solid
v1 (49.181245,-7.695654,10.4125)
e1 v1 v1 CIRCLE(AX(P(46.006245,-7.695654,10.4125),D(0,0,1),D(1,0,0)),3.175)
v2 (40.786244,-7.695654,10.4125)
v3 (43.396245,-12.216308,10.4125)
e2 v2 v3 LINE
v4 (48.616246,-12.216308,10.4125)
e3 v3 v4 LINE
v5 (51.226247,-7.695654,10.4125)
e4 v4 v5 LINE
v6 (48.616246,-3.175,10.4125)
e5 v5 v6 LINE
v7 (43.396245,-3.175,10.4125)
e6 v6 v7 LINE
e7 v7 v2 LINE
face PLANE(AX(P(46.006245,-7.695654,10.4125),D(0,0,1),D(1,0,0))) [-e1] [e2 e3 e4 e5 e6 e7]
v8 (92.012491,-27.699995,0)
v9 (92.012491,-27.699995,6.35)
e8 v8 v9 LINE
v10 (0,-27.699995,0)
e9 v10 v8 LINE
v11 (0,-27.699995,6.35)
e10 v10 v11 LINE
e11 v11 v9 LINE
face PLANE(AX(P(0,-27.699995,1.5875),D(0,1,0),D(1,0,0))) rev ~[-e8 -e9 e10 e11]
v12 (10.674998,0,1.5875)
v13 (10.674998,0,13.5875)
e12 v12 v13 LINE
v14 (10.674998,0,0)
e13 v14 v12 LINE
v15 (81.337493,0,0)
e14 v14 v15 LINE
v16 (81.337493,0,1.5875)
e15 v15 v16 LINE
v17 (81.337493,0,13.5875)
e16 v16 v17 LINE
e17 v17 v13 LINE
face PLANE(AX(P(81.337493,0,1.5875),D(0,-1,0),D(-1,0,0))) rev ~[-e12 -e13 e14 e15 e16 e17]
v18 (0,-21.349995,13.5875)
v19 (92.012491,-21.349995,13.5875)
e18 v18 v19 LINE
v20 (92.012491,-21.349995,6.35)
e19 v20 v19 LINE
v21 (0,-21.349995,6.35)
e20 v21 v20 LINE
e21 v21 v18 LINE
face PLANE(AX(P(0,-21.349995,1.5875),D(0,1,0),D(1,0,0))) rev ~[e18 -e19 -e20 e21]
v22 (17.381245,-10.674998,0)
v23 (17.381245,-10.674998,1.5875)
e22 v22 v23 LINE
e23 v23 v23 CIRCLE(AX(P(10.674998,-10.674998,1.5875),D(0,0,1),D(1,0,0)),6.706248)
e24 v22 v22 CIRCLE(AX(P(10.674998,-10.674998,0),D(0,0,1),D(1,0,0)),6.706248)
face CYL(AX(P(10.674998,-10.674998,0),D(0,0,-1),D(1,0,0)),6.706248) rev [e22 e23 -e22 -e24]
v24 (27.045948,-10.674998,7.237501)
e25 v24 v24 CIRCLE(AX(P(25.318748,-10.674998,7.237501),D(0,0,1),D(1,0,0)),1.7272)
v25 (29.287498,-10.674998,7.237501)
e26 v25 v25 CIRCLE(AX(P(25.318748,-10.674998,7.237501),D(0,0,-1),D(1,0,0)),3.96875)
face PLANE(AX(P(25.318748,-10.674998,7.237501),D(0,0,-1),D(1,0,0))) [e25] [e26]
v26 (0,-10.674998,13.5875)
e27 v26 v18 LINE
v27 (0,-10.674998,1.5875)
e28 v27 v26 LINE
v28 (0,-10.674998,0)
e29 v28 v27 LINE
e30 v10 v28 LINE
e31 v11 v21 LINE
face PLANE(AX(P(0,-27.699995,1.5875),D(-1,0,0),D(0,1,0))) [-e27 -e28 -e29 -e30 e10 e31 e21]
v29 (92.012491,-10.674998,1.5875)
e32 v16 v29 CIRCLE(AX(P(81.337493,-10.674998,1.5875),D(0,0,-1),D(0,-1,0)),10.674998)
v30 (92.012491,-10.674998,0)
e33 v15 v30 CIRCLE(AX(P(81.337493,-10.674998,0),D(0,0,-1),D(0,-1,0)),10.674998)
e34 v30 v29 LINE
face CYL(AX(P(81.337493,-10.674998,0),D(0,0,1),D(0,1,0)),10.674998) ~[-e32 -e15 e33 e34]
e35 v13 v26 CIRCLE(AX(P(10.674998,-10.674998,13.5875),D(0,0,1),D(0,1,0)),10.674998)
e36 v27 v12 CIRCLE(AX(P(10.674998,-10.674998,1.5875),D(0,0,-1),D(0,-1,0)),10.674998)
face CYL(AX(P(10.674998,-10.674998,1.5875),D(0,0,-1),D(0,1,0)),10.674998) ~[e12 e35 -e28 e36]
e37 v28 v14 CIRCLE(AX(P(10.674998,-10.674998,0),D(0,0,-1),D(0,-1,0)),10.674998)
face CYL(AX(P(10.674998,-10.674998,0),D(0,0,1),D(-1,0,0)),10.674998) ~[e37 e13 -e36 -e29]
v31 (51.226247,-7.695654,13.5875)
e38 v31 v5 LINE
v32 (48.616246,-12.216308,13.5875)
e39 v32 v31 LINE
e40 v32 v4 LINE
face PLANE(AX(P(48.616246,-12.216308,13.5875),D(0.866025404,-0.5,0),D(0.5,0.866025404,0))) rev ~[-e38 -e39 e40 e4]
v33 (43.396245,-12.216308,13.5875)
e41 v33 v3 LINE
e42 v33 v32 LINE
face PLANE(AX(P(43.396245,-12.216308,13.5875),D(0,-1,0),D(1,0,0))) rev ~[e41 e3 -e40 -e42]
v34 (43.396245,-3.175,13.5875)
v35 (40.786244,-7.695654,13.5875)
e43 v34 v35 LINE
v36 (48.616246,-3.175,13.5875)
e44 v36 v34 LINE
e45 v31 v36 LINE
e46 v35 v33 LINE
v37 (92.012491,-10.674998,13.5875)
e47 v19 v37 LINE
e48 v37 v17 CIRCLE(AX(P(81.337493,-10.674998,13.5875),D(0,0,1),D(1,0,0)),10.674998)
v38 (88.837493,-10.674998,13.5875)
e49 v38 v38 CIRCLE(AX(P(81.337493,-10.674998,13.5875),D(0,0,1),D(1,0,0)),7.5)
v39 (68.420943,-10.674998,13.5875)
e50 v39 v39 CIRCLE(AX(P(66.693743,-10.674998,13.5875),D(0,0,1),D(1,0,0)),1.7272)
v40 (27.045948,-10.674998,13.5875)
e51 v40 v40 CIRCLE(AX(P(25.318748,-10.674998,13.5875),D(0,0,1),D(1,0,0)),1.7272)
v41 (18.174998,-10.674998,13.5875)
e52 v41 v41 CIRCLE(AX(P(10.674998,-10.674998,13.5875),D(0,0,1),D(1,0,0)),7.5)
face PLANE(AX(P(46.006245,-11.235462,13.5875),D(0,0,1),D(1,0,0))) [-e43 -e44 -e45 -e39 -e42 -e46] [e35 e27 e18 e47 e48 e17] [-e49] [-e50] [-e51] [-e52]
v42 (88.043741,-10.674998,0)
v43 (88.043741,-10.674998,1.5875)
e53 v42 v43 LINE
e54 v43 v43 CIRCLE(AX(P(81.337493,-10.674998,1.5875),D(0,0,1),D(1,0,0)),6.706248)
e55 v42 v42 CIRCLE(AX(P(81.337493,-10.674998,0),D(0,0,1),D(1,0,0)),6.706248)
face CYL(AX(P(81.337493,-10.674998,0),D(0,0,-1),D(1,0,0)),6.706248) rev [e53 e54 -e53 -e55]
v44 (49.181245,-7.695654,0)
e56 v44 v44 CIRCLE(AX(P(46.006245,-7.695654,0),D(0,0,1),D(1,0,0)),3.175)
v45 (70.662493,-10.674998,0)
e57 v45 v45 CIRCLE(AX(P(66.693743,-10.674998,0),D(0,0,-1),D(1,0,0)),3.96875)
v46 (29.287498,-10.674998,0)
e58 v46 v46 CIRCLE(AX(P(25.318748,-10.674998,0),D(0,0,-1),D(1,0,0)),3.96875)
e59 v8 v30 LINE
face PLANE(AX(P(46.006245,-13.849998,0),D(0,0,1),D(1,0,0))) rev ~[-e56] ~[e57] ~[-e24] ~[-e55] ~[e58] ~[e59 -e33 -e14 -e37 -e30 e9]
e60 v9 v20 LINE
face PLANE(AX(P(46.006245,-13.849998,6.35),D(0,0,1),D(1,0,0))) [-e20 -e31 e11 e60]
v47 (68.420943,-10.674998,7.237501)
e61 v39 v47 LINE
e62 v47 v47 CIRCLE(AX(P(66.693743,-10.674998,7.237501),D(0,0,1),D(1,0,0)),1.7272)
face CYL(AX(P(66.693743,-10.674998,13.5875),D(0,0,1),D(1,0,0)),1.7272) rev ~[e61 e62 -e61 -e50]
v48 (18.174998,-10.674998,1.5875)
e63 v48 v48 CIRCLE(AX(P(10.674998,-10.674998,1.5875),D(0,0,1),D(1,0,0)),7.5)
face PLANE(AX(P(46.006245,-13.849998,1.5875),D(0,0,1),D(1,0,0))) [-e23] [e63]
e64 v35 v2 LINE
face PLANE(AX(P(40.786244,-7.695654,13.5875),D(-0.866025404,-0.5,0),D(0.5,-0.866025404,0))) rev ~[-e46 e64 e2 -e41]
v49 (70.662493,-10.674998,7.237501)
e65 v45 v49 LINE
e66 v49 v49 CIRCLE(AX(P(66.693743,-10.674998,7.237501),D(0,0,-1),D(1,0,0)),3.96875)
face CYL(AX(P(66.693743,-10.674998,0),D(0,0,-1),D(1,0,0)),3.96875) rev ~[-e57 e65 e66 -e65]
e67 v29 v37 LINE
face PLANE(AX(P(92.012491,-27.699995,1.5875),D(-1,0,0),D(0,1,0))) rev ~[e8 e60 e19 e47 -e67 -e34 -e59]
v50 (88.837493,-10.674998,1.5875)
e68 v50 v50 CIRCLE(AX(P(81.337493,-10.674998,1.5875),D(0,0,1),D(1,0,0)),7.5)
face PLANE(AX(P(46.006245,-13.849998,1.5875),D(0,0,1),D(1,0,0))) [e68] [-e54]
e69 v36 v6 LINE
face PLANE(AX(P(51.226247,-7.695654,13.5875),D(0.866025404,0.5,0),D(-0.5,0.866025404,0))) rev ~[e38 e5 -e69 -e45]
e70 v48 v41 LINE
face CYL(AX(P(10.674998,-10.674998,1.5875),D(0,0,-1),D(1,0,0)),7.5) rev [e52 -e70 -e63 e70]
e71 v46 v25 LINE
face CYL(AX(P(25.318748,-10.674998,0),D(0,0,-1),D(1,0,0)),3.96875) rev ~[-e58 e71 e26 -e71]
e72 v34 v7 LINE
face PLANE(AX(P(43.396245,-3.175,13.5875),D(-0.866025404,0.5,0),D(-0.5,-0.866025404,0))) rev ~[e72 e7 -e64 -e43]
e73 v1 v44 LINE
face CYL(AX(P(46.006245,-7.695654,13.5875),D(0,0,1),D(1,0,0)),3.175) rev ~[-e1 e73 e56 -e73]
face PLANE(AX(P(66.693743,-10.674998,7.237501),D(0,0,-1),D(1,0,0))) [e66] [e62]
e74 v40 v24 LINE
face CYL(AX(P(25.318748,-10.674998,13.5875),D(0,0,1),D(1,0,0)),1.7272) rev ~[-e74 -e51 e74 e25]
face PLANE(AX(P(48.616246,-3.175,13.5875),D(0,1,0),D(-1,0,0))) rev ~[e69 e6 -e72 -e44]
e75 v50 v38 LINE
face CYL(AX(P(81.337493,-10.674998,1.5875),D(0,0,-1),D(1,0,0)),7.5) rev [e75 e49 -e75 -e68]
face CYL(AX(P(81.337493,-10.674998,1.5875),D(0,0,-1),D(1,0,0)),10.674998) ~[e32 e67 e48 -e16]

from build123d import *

# Parameters (mm, degrees)
F0_W      = 92.0124906
F0_H      = 27.6999954
F0_R      = 6.7062477
F1_DEPTH  = 1.5875
F2_R      = 10.6749977
F3_R      = 7.5
F4_DEPTH  = 12
F5_DEPTH  = 4.7625
F6_R      = 1.7272
F6_R_2    = 3.175
F7_DEPTH  = 13.5875
F8_R      = 3.96875
F9_DEPTH  = 7.2375014
F11_DEPTH = 3.175


with BuildPart() as f1:
    # F0 (on Top) → F1 (new body)
    with BuildSketch(Plane.XY):
        with Locations((46.0062453, -13.8499977)):
            Rectangle(F0_W, F0_H)
        with Locations((10.6749977, -10.6749977)):
            Circle(F0_R, mode=Mode.SUBTRACT)
        with Locations((81.3374929, -10.6749977)):
            Circle(F0_R, mode=Mode.SUBTRACT)
    extrude(amount=F1_DEPTH)

    # F2
    f2_edges = [f1.edges().sort_by_distance(p)[0] for p in [
        (0, 0, 0.79375),
        (92.012491, 0, 0.79375),
    ]]
    fillet(f2_edges, radius=F2_R)

    # F3 (on face) → F4 (join)
    with BuildSketch(Plane.XY.offset(1.5875)):
        with BuildLine():
            Line((0, -10.6749977), (0, -21.3499954))
            Line((0, -21.3499954), (92.0124906, -21.3499954))
            Line((92.0124906, -21.3499954), (92.0124906, -10.6749977))
            ThreePointArc((92.0124906, -10.6749977), (88.8858561628, -3.1266344372), (81.3374929, 0))
            Line((81.3374929, 0), (10.6749977, 0))
            ThreePointArc((10.6749977, 0), (3.1266344372, -3.1266344372), (0, -10.6749977))
        make_face()
        with Locations((10.6749977, -10.6749977)):
            Circle(F3_R, mode=Mode.SUBTRACT)
        with Locations((81.3374929, -10.6749977)):
            Circle(F3_R, mode=Mode.SUBTRACT)
    extrude(amount=F4_DEPTH)

    # F5 (add): a face of the model
    f5_faces = [f1.faces().sort_by_distance(p)[0] for p in [
        (46.0062453, -24.5249954, 1.5875),
    ]]
    extrude(f5_faces, amount=F5_DEPTH)

    # F6 (on face) → F7 (cut, through all)
    with BuildSketch(Plane.XY.offset(13.5875)):
        with Locations((25.3187477, -10.6749977)):
            Circle(F6_R)
        with Locations((66.6937429, -10.6749977)):
            Circle(F6_R)
        with Locations((46.0062453, -7.6956539)):
            Circle(F6_R_2)
    extrude(amount=-F7_DEPTH, mode=Mode.SUBTRACT)

    # F8 (on face) → F9 (cut)
    with BuildSketch(Plane(origin=(0, 0, 0), x_dir=(1, 0, 0), z_dir=(0, 0, -1))):
        with Locations((66.6937429, 10.6749977)):
            Circle(F8_R)
        with Locations((25.3187477, 10.6749977)):
            Circle(F8_R)
    extrude(amount=-F9_DEPTH, mode=Mode.SUBTRACT)

    # F10 (on face) → F11 (cut)
    with BuildSketch(Plane.XY.offset(13.5875)):
        Polygon((48.6162460461, -3.175), (43.3962445539, -3.175), (40.7862438078, -7.6956539), (43.3962445539, -12.2163078), (48.6162460461, -12.2163078), (51.2262467922, -7.6956539), align=None)
    extrude(amount=-F11_DEPTH, mode=Mode.SUBTRACT)


solid = f1.part
